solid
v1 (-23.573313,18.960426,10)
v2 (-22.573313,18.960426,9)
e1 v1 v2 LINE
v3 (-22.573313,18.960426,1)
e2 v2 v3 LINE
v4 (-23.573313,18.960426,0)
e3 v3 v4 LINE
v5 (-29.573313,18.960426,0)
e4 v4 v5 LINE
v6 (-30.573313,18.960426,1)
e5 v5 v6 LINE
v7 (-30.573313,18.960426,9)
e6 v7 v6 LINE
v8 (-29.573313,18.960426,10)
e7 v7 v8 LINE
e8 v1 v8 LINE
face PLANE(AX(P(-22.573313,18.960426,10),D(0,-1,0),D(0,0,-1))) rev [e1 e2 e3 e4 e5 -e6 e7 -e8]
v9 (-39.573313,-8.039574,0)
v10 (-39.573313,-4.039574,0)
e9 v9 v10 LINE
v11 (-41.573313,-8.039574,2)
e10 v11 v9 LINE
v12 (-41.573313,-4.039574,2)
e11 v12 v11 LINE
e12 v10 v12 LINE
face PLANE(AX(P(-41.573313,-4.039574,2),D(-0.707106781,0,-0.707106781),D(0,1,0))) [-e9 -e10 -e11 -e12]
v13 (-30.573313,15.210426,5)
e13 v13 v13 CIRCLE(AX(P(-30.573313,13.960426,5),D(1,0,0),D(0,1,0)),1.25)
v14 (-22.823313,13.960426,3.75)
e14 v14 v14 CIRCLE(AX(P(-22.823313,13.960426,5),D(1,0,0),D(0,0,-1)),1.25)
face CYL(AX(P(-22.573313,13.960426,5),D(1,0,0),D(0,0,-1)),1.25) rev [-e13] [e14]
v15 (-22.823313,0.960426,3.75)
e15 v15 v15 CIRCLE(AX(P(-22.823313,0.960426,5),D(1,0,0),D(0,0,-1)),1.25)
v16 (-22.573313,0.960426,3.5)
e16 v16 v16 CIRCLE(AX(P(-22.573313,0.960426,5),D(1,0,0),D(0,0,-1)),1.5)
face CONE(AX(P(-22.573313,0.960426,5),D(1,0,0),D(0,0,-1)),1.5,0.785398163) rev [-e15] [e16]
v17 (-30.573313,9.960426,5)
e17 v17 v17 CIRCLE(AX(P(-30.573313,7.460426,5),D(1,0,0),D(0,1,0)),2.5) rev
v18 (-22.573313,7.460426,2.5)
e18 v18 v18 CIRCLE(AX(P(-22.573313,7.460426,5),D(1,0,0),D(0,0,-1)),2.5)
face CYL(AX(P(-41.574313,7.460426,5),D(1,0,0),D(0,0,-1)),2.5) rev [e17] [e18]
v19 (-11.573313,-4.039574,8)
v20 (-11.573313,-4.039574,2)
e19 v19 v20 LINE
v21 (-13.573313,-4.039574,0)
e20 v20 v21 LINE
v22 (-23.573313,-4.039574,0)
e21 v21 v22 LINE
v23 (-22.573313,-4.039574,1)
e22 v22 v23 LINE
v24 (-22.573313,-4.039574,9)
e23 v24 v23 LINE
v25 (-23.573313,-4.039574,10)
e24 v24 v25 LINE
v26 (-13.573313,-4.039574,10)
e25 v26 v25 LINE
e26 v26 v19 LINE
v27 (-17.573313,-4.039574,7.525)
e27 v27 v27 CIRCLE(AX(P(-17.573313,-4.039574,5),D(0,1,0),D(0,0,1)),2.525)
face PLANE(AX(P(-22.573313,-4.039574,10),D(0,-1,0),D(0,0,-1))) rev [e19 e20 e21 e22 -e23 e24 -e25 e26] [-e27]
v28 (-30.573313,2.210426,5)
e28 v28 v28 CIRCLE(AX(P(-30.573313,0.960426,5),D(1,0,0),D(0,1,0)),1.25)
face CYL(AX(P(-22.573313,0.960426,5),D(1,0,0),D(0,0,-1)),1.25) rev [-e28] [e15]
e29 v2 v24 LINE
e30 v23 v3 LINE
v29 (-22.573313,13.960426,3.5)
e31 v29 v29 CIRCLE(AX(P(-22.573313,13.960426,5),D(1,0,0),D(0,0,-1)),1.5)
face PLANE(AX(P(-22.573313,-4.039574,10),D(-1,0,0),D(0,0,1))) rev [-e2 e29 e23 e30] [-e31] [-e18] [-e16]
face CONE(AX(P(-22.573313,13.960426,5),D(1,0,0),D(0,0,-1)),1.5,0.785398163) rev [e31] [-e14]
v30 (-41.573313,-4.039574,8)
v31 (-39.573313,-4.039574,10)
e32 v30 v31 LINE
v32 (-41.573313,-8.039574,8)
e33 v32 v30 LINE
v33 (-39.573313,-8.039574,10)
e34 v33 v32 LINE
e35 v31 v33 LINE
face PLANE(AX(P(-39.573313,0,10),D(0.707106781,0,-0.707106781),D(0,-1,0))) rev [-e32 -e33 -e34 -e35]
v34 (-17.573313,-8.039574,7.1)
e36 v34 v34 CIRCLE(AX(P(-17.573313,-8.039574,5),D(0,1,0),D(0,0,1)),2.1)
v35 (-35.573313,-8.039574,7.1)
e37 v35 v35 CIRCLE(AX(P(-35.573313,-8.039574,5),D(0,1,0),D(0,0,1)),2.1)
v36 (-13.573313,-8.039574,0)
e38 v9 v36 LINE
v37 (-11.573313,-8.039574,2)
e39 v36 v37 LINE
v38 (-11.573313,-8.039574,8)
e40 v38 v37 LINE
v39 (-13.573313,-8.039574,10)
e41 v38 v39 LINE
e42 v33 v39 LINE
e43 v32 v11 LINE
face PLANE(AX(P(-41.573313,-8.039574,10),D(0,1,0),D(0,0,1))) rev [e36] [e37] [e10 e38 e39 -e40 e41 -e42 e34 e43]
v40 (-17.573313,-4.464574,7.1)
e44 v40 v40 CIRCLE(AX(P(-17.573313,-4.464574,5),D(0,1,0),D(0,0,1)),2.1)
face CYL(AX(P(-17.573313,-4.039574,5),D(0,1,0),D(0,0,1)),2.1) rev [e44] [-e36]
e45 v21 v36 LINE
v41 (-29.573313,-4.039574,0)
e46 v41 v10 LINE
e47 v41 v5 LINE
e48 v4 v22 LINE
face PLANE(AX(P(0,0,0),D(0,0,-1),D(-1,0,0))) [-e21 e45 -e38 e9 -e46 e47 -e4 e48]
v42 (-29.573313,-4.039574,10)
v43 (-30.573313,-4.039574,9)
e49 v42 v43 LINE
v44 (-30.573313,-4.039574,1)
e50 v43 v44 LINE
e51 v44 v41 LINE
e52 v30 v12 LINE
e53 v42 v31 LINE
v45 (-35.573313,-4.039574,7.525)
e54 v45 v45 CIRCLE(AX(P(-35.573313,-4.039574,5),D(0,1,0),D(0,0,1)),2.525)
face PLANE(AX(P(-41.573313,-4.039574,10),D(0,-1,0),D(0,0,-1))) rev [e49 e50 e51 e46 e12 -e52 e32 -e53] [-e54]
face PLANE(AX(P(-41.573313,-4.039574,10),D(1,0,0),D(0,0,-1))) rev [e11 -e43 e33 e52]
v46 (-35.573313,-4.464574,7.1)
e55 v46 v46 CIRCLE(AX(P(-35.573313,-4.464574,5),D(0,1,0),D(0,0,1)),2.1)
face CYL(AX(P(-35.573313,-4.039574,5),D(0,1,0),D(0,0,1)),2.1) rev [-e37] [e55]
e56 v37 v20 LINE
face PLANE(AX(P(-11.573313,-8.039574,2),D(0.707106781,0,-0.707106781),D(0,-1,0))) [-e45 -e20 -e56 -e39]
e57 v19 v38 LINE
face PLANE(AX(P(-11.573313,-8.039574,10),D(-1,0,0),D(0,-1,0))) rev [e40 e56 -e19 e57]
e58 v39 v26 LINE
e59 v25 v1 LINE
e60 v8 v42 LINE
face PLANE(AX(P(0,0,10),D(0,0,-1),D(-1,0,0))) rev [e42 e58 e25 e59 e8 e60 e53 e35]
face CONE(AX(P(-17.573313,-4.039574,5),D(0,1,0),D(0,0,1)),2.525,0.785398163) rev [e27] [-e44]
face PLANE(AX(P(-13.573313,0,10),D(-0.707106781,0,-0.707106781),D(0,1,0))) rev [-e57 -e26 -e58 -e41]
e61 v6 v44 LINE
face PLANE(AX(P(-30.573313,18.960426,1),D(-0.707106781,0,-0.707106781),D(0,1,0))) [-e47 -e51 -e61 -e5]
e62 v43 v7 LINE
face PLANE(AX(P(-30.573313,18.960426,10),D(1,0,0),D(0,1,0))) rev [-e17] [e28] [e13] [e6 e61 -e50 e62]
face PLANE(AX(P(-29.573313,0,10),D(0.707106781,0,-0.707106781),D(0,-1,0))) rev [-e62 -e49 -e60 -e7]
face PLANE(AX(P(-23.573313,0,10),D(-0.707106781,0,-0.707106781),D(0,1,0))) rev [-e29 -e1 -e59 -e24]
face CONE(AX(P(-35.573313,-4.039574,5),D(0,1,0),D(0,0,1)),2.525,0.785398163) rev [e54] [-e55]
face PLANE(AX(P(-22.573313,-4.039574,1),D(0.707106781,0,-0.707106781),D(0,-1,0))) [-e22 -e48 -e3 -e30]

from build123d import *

# Parameters (mm, degrees)
EXTRUDE_1_DEPTH              = 10
CHAMFER_1_SIZE               = 2
CHAMFER_2_SIZE               = 1
CUT_EXTRUDE_2_REACH          = 21
SKETCH_3_R                   = 2.5
HOLE_WIZARD_M3_1_D           = 2.5
HOLE_WIZARD_M3_1_DEPTH       = 8
HOLE_WIZARD_M3_1_CSINK_D     = 3
HOLE_WIZARD_M3_1_CSINK_ANGLE = 90
HOLE_WIZARD_M5_1_D           = 4.2
HOLE_WIZARD_M5_1_DEPTH       = 4
HOLE_WIZARD_M5_1_CSINK_D     = 5.05
HOLE_WIZARD_M5_1_CSINK_ANGLE = 90


with BuildPart() as part:
    # 草图1 → 凸台-拉伸1 (new body)
    with BuildSketch(Plane.XY):
        Polygon((-41.573313116, -4.039574182), (-41.573313116, -8.039574182), (-11.573313116, -8.039574182), (-11.573313116, -4.039574182), (-22.573313116, -4.039574182), (-22.573313116, 18.960425818), (-30.573313116, 18.960425818), (-30.573313116, -4.039574182), align=None)
    extrude(amount=EXTRUDE_1_DEPTH)

    # 倒角1
    chamfer_1_edges = [part.edges().sort_by_distance(p)[0] for p in [
        (-11.573313116, -6.039574182, 0),
        (-41.573313116, -6.039574182, 0),
        (-11.573313116, -6.039574182, 10),
        (-41.573313116, -6.039574182, 10),
    ]]
    chamfer(chamfer_1_edges, length=CHAMFER_1_SIZE)

    # 倒角2
    chamfer_2_edges = [part.edges().sort_by_distance(p)[0] for p in [
        (-22.573313116, 7.460425818, 10),
        (-30.573313116, 7.460425818, 10),
        (-30.573313116, 7.460425818, 0),
        (-22.573313116, 7.460425818, 0),
    ]]
    chamfer(chamfer_2_edges, length=CHAMFER_2_SIZE)

    # 草图3 → 切除-拉伸2 (cut, up to next)
    with BuildSketch(Plane(origin=(-22.573313116, 0, 0), x_dir=(0, 0, -1), z_dir=(1, 0, 0)), mode=Mode.PRIVATE) as cut_extrude_2_sk1:
        with Locations((-5, 7.460425818)):
            Circle(SKETCH_3_R)
    cut_extrude_2_tool1 = extrude(cut_extrude_2_sk1.sketch, amount=-CUT_EXTRUDE_2_REACH, mode=Mode.PRIVATE) & part.part
    add(cut_extrude_2_tool1.solids().sort_by_distance((-22.573313, 7.460426, 5))[0], mode=Mode.SUBTRACT)

    # M3 螺纹孔1
    with Locations(Plane(origin=(-22.573313116, 13.960425818, 5), x_dir=(0, 0, 1), z_dir=(1, 0, 0))):
        with Locations((0, 0), (0, 13)):
            CounterSinkHole(HOLE_WIZARD_M3_1_D / 2, HOLE_WIZARD_M3_1_CSINK_D / 2, depth=HOLE_WIZARD_M3_1_DEPTH, counter_sink_angle=HOLE_WIZARD_M3_1_CSINK_ANGLE)

    # M5 螺纹孔1
    with Locations(Plane(origin=(-35.573313116, -4.039574182, 5), x_dir=(0, 0, 1), z_dir=(0, 1, 0))):
        with Locations((0, 0), (0, 18)):
            CounterSinkHole(HOLE_WIZARD_M5_1_D / 2, HOLE_WIZARD_M5_1_CSINK_D / 2, depth=HOLE_WIZARD_M5_1_DEPTH, counter_sink_angle=HOLE_WIZARD_M5_1_CSINK_ANGLE)


solid = part.part
